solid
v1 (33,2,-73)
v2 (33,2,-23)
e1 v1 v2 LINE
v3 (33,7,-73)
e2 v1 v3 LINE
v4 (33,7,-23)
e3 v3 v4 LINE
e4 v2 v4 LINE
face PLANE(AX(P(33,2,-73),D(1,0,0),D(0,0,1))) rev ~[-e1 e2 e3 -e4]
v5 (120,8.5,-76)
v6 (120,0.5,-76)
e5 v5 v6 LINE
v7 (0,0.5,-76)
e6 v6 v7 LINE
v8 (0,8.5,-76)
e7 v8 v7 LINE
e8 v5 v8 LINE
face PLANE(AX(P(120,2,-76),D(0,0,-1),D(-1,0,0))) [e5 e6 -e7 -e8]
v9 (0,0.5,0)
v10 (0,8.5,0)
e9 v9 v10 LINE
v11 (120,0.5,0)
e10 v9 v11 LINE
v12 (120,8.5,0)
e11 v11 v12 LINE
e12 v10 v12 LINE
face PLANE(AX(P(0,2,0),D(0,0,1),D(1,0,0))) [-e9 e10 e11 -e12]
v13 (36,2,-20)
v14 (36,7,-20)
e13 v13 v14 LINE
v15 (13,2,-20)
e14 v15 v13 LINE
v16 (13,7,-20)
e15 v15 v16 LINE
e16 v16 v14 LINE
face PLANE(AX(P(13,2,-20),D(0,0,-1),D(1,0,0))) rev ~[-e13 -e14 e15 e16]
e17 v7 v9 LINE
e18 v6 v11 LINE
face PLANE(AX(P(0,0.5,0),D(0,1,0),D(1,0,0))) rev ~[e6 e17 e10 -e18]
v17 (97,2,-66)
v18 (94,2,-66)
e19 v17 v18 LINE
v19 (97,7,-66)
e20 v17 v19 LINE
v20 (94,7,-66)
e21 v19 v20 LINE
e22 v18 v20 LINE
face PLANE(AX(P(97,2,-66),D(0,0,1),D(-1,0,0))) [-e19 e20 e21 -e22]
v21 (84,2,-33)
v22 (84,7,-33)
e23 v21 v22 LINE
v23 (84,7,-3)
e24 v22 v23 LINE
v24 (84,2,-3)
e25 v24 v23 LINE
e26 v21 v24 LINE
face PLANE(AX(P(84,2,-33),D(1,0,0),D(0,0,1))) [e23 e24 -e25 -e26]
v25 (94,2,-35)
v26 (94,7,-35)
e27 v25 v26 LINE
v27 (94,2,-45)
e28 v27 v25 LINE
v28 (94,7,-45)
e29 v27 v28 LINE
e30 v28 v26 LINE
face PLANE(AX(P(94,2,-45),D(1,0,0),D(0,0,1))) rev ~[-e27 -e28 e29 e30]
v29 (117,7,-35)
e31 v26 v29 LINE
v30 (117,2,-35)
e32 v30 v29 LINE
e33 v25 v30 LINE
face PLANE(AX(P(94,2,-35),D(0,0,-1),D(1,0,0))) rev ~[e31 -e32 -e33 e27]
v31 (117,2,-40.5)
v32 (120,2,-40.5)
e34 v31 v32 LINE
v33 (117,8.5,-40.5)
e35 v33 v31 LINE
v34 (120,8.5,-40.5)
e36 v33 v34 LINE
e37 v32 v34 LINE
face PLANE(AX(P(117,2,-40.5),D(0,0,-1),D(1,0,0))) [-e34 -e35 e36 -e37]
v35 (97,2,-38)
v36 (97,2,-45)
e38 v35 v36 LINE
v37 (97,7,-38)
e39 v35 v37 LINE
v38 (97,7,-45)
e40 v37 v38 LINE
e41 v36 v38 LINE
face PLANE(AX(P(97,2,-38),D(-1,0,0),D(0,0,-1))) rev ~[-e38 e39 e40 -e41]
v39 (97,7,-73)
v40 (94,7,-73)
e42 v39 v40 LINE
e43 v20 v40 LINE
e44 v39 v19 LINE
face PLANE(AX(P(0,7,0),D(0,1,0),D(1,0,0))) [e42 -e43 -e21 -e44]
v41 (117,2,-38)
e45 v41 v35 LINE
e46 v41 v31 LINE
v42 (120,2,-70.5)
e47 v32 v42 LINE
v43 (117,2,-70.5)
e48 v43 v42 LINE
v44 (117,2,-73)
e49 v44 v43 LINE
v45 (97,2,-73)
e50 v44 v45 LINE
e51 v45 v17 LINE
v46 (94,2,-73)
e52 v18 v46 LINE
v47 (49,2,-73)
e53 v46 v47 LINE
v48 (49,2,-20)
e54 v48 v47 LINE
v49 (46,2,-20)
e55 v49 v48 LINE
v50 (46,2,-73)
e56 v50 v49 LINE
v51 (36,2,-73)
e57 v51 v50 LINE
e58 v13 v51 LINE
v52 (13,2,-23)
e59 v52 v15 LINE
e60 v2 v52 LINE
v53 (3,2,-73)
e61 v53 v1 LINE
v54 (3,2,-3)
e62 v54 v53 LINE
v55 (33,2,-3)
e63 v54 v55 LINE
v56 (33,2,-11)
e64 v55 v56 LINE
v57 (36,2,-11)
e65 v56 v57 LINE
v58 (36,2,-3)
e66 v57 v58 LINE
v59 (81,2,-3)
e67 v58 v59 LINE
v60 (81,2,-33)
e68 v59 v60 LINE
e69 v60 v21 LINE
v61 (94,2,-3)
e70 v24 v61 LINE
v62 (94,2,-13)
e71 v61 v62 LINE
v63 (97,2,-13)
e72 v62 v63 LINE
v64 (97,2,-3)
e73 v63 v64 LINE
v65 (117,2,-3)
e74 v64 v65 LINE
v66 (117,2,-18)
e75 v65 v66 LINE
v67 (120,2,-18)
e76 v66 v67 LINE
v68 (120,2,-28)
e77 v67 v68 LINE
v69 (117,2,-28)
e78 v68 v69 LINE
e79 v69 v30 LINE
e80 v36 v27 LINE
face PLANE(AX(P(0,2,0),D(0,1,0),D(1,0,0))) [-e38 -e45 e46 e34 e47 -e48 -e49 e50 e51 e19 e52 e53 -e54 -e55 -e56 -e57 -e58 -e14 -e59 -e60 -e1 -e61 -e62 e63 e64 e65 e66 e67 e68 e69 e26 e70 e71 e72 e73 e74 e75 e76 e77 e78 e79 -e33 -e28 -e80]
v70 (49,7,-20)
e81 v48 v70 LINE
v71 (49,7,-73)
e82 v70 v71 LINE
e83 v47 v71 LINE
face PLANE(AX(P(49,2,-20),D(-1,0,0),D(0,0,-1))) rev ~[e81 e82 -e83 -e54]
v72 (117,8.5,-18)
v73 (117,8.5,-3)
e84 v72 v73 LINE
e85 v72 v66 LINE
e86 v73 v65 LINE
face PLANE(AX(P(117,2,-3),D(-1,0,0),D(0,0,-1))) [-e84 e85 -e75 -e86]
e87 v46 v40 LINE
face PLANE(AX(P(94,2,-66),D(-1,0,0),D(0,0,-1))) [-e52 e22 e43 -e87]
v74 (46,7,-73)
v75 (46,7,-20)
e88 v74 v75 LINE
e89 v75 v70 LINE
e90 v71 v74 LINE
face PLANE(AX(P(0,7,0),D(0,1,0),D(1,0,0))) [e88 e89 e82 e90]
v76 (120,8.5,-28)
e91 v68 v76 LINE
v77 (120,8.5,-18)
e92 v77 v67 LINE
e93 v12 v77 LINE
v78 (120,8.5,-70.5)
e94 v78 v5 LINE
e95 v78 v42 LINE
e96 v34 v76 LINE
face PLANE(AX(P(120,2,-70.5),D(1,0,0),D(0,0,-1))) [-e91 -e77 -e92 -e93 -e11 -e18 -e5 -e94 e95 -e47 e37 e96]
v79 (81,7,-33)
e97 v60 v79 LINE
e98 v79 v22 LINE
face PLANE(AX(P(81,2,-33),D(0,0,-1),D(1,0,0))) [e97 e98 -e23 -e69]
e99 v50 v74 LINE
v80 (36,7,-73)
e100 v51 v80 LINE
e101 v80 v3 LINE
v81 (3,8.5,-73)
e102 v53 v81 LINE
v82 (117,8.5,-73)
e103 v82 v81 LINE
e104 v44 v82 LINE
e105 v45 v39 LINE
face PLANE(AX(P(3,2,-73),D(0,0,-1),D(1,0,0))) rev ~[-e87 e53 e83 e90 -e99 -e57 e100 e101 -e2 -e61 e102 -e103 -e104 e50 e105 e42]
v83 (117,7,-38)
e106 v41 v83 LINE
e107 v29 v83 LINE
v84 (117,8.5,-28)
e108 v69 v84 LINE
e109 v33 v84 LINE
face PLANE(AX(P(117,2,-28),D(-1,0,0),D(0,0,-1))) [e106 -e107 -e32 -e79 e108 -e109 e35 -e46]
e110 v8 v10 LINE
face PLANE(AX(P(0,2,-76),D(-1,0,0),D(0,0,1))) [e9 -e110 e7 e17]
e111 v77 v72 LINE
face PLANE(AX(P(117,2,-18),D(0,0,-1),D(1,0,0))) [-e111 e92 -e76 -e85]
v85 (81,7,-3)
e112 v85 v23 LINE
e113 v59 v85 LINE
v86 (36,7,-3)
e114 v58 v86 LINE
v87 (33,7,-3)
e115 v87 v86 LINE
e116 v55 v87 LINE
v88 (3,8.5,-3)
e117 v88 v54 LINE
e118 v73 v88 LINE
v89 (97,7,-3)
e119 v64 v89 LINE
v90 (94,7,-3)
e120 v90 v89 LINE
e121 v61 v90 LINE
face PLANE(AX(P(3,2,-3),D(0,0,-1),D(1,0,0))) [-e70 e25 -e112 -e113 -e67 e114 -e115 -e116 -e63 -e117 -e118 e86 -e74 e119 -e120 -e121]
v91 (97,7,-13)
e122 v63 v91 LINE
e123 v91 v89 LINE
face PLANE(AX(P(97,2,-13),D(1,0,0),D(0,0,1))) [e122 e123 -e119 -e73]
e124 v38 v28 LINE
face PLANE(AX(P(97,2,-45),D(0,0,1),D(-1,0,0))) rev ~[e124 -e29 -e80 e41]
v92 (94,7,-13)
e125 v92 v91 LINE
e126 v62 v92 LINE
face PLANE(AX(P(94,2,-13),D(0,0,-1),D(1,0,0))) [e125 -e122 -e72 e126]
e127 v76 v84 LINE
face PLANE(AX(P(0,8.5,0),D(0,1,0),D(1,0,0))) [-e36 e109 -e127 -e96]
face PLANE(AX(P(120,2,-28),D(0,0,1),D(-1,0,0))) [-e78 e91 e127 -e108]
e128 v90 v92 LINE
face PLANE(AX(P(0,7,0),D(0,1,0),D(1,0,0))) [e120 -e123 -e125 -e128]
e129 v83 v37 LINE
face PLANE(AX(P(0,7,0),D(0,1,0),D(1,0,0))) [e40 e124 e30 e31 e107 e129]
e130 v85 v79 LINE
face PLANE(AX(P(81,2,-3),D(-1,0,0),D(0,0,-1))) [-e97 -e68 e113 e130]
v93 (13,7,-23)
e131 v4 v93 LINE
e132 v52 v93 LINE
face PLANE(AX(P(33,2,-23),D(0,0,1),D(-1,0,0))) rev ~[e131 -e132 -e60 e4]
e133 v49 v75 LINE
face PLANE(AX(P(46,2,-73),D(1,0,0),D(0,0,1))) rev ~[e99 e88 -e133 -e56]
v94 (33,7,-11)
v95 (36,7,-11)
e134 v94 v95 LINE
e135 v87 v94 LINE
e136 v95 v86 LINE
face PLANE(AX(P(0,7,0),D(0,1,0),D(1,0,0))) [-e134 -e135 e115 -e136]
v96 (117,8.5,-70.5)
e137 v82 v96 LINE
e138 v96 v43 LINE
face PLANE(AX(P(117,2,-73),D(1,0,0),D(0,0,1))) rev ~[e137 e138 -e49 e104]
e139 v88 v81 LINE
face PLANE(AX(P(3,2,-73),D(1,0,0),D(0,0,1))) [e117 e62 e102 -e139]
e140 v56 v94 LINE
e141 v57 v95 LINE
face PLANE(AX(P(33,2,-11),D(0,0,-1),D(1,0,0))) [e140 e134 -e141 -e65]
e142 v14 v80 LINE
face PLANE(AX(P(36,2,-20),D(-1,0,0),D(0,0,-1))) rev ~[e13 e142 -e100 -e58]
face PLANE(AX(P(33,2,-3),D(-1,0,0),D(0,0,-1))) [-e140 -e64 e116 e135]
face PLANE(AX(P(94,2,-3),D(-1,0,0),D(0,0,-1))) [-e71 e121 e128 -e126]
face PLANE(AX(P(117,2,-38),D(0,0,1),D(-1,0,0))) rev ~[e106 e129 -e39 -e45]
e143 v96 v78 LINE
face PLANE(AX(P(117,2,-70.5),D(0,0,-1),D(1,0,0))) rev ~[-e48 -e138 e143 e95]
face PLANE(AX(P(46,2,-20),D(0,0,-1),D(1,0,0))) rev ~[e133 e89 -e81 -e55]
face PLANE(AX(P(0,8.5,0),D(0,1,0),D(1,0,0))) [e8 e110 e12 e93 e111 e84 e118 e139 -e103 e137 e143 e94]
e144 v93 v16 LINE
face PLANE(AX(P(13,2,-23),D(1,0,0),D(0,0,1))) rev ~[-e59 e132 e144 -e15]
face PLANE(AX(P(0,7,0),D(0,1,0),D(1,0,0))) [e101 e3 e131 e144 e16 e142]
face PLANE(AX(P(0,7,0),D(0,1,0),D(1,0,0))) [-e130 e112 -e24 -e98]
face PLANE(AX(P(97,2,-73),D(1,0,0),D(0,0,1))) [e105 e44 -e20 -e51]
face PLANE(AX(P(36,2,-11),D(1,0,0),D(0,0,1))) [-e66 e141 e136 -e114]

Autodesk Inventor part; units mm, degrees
ref_plane "YZ Plane" through (0, 0, 0) normal (1, 0, 0) x (0, 1, 0)
ref_plane "XZ Plane" through (0, 0, 0) normal (0, 1, 0) x (-1, 0, 0)
ref_plane "XY Plane" through (0, 0, 0) normal (0, 0, 1) x (1, 0, 0)
ref_plane "作業平面1" through (0, 2, 0) normal (0, 1, 0) x (1, 0, 0)
sketch "スケッチ4" plane through (0, 2, 0) normal (0, 1, 0) x (1, 0, 0)
  line L0 (3, 73) -> (33, 73)
  line L1 (3, 73) -> (3, 23)
  line L2 (3, 20) -> (3, 3)
  line L3 (81, 3) -> (81, 33)
  line L4 (81, 33) -> (84, 33)
  line L5 (84, 33) -> (84, 3)
  line L6 (117, 3) -> (117, 18)
  line L7 (117, 18) -> (120, 18)
  line L8 (117, 28) -> (117, 35)
  line L9 (120, 28) -> (117, 28)
  line L10 (120, 28) -> (120, 38)
  line L11 (117, 38) -> (97, 38)
  line L12 (97, 38) -> (97, 45)
  line L13 (97, 45) -> (94, 45)
  line L14 (94, 45) -> (94, 35)
  line L15 (94, 35) -> (117, 35)
  line L16 (97, 73) -> (97, 66)
  line L17 (97, 66) -> (94, 66)
  line L18 (94, 66) -> (94, 73)
  line L19 (33, 73) -> (33, 23)
  line L20 (33, 23) -> (13, 23)
  line L21 (13, 23) -> (13, 20)
  line L22 (13, 20) -> (36, 20)
  line L23 (36, 20) -> (36, 73)
  line L24 (36, 73) -> (46, 73)
  line L25 (46, 73) -> (46, 20)
  line L26 (46, 20) -> (49, 20)
  line L27 (49, 20) -> (49, 73)
  line L28 (117, 38) -> (117, 40.5)
  line L29 (117, 40.5) -> (120, 40.5)
  line L30 (120, 40.5) -> (120, 38)
  line L31 (117, 73) -> (117, 70.5)
  line L32 (117, 70.5) -> (120, 70.5)
  line L33 (0, 0) -> (0, 76)
  line L34 (0, 76) -> (120, 76)
  line L35 (120, 76) -> (120, 70.5)
  line L36 (0, 0) -> (120, 0)
  line L37 (120, 0) -> (120, 18)
  line L38 (3, 23) -> (3, 20)
  line L39 (33, 3) -> (33, 11)
  line L40 (33, 11) -> (36, 11)
  line L41 (36, 11) -> (36, 3)
  line L42 (3, 3) -> (33, 3)
  line L43 (36, 3) -> (81, 3)
  line L44 (94, 3) -> (94, 13)
  line L45 (94, 13) -> (97, 13)
  line L46 (97, 13) -> (97, 3)
  line L47 (84, 3) -> (94, 3)
  line L48 (97, 3) -> (117, 3)
  line L49 (117, 73) -> (97, 73)
  line L50 (94, 73) -> (49, 73)
  dimension "d29" = 3
  dimension "d30" = 30
  dimension "d34" = 3
  dimension "d35" = 20
  dimension "d36" = 3
  dimension "d37" = 10
  dimension "d39" = 3
  dimension "d41" = 32
  dimension "d42" = 3
  dimension "d60" = 3
  dimension "d61" = 3
  dimension "d63" = 7
  dimension "d64" = 7
  dimension "d65" = 15
  dimension "d66" = 10
  dimension "d67" = 2.5
  dimension "d68" = 3
  dimension "d69" = 3
  dimension "d70" = 2.5
  dimension "d75" = 76
  dimension "d78" = 3
  dimension "d79" = 3
  dimension "d80" = 3
  dimension "d81" = 20
  dimension "d82" = 50
  dimension "d84" = 120
  dimension "d85" = 3
  dimension "d86" = 8
  dimension "d87" = 3
  dimension "d88" = 30
  dimension "d89" = 3
  dimension "d90" = 10
  dimension "d91" = 10
  dimension "d92" = 35
extrude "押し出し5" add sketch "スケッチ4" along normal blind 5
sketch "スケッチ6" plane through (0, 2, 0) normal (0, 1, 0) x (1, 0, 0)
  line L0 (0, 0) -> (120, 0) projected
  line L1 (0, 0) -> (120, 0)
  line L2 (120, 18) -> (117, 18) projected
  line L3 (120, 0) -> (120, 18)
  line L4 (120, 18) -> (117, 18)
  line L5 (117, 18) -> (117, 3) projected
  line L6 (117, 18) -> (117, 3)
  line L7 (3, 3) -> (3, 73) projected
  line L8 (117, 3) -> (3, 3)
  line L9 (3, 3) -> (3, 73)
  line L10 (97, 73) -> (117, 73) projected
  line L11 (3, 73) -> (117, 73)
  line L12 (117, 73) -> (117, 70.5) projected
  line L13 (117, 73) -> (117, 70.5)
  line L14 (117, 70.5) -> (120, 70.5) projected
  line L15 (117, 70.5) -> (120, 70.5)
  line L16 (120, 70.5) -> (120, 76) projected
  line L17 (120, 70.5) -> (120, 76)
  line L18 (120, 76) -> (0, 76) projected
  line L19 (120, 76) -> (0, 76)
  line L20 (0, 76) -> (0, 0) projected
  line L21 (0, 76) -> (0, 0)
  line L22 (120, 28) -> (117, 28) projected
  line L23 (117, 28) -> (120, 28)
  line L24 (120, 40.5) -> (120, 28) projected
  line L25 (120, 28) -> (120, 40.5)
  line L26 (117, 40.5) -> (120, 40.5) projected
  line L27 (120, 40.5) -> (117, 40.5)
  line L28 (117, 40.5) -> (117, 28)
extrude "押し出し6" add sketch "スケッチ6" along normal blind 6.5
sketch "スケッチ7" plane through (0, 2, 0) normal (0, 1, 0) x (1, 0, 0)
  line L0 (0, 0) -> (120, 0) projected
  line L1 (120, 70.5) -> (120, 76) projected
  line L2 (0, 0) -> (120, 0)
  line L3 (120, 0) -> (120, 76)
  line L4 (120, 76) -> (0, 76)
  line L5 (0, 76) -> (0, 0)
extrude "押し出し7" add sketch "スケッチ7" against normal blind 1.5
properties part number "BASE_revised"
